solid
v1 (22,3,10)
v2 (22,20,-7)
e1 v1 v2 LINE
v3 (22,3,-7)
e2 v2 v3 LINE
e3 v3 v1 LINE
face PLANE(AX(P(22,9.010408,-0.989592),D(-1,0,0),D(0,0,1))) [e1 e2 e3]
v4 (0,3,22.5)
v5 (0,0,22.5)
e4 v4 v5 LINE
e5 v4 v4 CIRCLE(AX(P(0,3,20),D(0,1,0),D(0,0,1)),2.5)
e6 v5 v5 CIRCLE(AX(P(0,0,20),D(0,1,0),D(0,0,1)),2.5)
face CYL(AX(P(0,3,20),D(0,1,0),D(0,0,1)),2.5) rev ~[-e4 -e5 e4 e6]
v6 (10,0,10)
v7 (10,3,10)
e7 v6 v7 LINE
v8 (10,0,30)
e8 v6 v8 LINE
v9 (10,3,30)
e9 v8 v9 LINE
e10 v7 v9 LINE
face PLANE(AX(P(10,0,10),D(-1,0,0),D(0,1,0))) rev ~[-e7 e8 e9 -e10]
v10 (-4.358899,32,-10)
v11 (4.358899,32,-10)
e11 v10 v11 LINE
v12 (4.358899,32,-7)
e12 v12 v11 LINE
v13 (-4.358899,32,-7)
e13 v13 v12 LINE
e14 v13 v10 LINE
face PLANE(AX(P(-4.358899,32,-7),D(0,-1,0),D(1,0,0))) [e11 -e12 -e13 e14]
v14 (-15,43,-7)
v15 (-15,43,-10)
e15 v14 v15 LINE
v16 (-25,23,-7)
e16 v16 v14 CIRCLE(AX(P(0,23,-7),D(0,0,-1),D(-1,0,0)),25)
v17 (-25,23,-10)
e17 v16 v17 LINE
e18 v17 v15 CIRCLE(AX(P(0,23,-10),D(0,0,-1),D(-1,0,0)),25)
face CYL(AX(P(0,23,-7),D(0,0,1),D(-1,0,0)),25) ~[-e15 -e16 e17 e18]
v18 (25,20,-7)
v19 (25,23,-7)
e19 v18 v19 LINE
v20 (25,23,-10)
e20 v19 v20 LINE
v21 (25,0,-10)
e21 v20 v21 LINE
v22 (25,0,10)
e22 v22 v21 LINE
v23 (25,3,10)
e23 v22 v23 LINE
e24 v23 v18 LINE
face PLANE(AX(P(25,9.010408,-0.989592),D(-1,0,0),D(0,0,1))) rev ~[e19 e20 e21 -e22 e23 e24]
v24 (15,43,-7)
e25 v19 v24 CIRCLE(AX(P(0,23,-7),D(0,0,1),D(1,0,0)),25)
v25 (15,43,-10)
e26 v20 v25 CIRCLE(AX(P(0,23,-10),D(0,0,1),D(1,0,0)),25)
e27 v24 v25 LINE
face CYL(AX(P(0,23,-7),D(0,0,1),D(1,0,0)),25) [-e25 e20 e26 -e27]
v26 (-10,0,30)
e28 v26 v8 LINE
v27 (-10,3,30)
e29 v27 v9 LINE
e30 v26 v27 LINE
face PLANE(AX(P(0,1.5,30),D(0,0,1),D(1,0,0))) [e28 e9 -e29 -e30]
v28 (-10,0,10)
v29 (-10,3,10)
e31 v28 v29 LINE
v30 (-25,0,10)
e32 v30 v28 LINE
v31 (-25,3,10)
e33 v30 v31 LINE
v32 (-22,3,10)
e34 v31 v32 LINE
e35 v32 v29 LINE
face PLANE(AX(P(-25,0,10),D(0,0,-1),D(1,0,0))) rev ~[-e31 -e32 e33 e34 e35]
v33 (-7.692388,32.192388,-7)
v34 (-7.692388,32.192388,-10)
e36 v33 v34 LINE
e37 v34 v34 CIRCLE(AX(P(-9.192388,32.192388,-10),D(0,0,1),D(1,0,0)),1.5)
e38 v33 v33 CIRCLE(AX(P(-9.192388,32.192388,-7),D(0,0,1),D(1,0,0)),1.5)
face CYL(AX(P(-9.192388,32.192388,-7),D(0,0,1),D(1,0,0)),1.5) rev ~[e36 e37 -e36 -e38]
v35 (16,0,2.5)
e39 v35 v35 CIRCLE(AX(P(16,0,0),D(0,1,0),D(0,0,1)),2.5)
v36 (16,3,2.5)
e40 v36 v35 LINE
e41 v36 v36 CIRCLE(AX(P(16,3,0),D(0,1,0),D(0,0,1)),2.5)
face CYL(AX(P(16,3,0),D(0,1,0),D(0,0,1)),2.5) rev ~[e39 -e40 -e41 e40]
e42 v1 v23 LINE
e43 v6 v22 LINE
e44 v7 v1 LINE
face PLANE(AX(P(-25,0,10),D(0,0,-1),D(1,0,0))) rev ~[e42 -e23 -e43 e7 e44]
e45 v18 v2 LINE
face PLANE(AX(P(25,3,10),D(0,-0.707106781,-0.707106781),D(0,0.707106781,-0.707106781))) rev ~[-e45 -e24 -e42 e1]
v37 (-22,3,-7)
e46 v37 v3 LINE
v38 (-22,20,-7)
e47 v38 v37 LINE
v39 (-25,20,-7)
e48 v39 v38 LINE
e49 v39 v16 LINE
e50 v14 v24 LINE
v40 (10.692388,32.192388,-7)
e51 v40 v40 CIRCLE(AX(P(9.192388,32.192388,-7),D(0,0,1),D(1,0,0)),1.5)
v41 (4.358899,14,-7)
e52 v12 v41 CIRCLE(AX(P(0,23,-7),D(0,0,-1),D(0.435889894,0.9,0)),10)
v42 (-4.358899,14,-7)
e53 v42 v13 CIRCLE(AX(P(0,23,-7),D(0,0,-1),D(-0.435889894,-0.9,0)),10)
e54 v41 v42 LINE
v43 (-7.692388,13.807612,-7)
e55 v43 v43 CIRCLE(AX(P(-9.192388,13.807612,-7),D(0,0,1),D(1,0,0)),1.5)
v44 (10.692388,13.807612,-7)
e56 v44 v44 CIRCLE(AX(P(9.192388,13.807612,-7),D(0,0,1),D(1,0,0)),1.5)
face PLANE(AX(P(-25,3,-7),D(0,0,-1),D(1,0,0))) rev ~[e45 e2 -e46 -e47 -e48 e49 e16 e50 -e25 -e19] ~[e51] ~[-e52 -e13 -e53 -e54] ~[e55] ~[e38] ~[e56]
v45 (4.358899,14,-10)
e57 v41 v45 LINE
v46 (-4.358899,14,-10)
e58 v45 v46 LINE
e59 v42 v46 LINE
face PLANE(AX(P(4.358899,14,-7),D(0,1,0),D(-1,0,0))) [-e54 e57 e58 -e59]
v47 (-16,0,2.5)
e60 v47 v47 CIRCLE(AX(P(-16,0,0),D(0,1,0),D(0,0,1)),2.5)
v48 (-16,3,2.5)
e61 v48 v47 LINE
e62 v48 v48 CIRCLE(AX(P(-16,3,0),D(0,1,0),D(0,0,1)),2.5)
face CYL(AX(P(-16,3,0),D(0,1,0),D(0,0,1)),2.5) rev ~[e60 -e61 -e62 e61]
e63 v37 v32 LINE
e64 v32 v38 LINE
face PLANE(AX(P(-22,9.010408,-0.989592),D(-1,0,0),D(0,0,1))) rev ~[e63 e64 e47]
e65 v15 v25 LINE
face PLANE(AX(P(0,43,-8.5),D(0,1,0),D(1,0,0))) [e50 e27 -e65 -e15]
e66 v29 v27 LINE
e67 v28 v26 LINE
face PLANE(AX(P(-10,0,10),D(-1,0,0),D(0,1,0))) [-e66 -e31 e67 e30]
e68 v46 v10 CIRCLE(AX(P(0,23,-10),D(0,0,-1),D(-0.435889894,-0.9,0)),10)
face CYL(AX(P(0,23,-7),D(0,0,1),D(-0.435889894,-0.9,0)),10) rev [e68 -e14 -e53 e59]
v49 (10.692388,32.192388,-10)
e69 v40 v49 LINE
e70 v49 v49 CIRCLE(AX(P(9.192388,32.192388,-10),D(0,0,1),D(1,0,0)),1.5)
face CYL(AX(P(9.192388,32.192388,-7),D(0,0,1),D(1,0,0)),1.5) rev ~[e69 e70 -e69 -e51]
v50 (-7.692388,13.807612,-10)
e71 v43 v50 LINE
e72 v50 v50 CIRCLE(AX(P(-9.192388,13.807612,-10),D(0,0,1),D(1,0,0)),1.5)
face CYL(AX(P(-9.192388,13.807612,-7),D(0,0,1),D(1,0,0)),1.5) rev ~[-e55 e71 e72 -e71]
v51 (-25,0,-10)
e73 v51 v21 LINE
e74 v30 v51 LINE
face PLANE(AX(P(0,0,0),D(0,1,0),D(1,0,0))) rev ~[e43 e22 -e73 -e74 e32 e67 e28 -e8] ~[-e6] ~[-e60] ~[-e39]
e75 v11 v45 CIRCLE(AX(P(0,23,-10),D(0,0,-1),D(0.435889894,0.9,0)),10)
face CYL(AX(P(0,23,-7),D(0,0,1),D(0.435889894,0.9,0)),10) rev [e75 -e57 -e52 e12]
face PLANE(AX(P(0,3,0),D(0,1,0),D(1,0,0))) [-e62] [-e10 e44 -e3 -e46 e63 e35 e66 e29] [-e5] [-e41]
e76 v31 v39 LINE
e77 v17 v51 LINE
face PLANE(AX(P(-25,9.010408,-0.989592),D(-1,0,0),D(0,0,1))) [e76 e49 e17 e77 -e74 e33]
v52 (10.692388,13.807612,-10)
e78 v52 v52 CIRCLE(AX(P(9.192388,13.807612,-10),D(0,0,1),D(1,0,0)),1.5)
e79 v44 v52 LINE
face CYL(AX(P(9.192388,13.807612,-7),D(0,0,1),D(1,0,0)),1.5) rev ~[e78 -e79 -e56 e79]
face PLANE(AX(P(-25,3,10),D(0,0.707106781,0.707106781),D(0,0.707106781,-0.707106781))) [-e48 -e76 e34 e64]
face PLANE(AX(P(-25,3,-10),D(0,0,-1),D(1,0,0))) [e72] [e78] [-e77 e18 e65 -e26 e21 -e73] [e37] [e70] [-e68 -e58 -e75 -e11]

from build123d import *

# Parameters (mm, degrees)
SKETCH1_W           = 50
SKETCH1_H           = 20
BOSS_EXTRUDE1_DEPTH = 3
SKETCH2_W           = 50
SKETCH2_H           = 3
BOSS_EXTRUDE2_DEPTH = 40
CUT_EXTRUDE4_REACH  = 50.218
SKETCH6_R           = 2.5
BOSS_EXTRUDE3_DEPTH = 3
BOSS_EXTRUDE4_DEPTH = 3
SKETCH9_W           = 20
SKETCH9_H           = 3
BOSS_EXTRUDE5_DEPTH = 20
CUT_EXTRUDE5_REACH  = 57.902
SKETCH10_R          = 2.5
SKETCH11_R          = 1.5
CUT_EXTRUDE6_DEPTH  = 3


with BuildPart() as part:
    # Sketch1 → Boss-Extrude1 (new body)
    with BuildSketch(Plane(origin=(0, 0, 0), x_dir=(1, 0, 0), z_dir=(0, 1, 0))):
        Rectangle(SKETCH1_W, SKETCH1_H)
    extrude(amount=BOSS_EXTRUDE1_DEPTH)

    # Sketch2 → Boss-Extrude2 (add)
    with BuildSketch(Plane(origin=(0, 3, 0), x_dir=(1, 0, 0), z_dir=(0, 1, 0))):
        with Locations((0, 8.5)):
            Rectangle(SKETCH2_W, SKETCH2_H)
    extrude(amount=BOSS_EXTRUDE2_DEPTH)

    # Sketch6 → Cut-Extrude4 (cut, up to next)
    with BuildSketch(Plane(origin=(0, 3, 0), x_dir=(1, 0, 0), z_dir=(0, 1, 0)), mode=Mode.PRIVATE) as cut_extrude4_sk1:
        with Locations(Location((-16, 0, 0), (0, 0, 270))):
            Circle(SKETCH6_R)
    cut_extrude4_tool1 = extrude(cut_extrude4_sk1.sketch, amount=-CUT_EXTRUDE4_REACH, mode=Mode.PRIVATE) & part.part
    # Sketch6 → Cut-Extrude4 (cut, up to next)
    with BuildSketch(Plane(origin=(0, 3, 0), x_dir=(1, 0, 0), z_dir=(0, 1, 0)), mode=Mode.PRIVATE) as cut_extrude4_sk2:
        with Locations(Location((16, 0, 0), (0, 0, 270))):
            Circle(SKETCH6_R)
    cut_extrude4_tool2 = extrude(cut_extrude4_sk2.sketch, amount=-CUT_EXTRUDE4_REACH, mode=Mode.PRIVATE) & part.part
    add(cut_extrude4_tool1.solids().sort_by_distance((-16, 3, 0))[0], mode=Mode.SUBTRACT)
    add(cut_extrude4_tool2.solids().sort_by_distance((16, 3, 0))[0], mode=Mode.SUBTRACT)

    # Sketch7 → Boss-Extrude3 (add)
    with BuildSketch(Plane.ZY.offset(25)):
        Polygon((-7, 3), (10, 3), (-7, 20), align=None)
    extrude(amount=-BOSS_EXTRUDE3_DEPTH)

    # Sketch8 → Boss-Extrude4 (add)
    with BuildSketch(Plane(origin=(25, 0, 0), x_dir=(0, 0, -1), z_dir=(1, 0, 0))):
        Polygon((7, 3), (-10, 3), (7, 20), align=None)
    extrude(amount=-BOSS_EXTRUDE4_DEPTH)

    # Sketch9 → Boss-Extrude5 (add)
    with BuildSketch(Plane.XY.offset(10)):
        with Locations((0, 1.5)):
            Rectangle(SKETCH9_W, SKETCH9_H)
    extrude(amount=BOSS_EXTRUDE5_DEPTH)

    # Sketch10 → Cut-Extrude5 (cut, up to next)
    with BuildSketch(Plane(origin=(0, 3, 0), x_dir=(1, 0, 0), z_dir=(0, 1, 0)), mode=Mode.PRIVATE) as cut_extrude5_sk1:
        with Locations(Location((0, -20, 0), (0, 0, 270))):
            Circle(SKETCH10_R)
    cut_extrude5_tool1 = extrude(cut_extrude5_sk1.sketch, amount=-CUT_EXTRUDE5_REACH, mode=Mode.PRIVATE) & part.part
    add(cut_extrude5_tool1.solids().sort_by_distance((0, 3, 20))[0], mode=Mode.SUBTRACT)

    # Sketch11 → Cut-Extrude6 (cut)
    with BuildSketch(Plane.XY.offset(-7)):
        with Locations((9.192388155, 32.192388155)):
            Circle(SKETCH11_R)
        with Locations((9.192388155, 13.807611845)):
            Circle(SKETCH11_R)
        with Locations((-9.192388155, 13.807611845)):
            Circle(SKETCH11_R)
        with Locations((-9.192388155, 32.192388155)):
            Circle(SKETCH11_R)
        with BuildLine():
            Line((15, 43), (25, 43))
            Line((25, 43), (25, 23))
            ThreePointArc((25, 23), (22.360679775, 34.180339887), (15, 43))
        make_face()
        with BuildLine():
            Line((-15, 43), (-25, 43))
            Line((-25, 43), (-25, 23))
            ThreePointArc((-25, 23), (-22.360679775, 34.180339887), (-15, 43))
        make_face()
        with BuildLine():
            Line((-4.358898944, 32), (4.358898944, 32))
            ThreePointArc((4.358898944, 32), (10, 23), (4.358898944, 14))
            Line((4.358898944, 14), (-4.358898944, 14))
            ThreePointArc((-4.358898944, 14), (-10, 23), (-4.358898944, 32))
        make_face()
    extrude(amount=-CUT_EXTRUDE6_DEPTH, mode=Mode.SUBTRACT)


solid = part.part
